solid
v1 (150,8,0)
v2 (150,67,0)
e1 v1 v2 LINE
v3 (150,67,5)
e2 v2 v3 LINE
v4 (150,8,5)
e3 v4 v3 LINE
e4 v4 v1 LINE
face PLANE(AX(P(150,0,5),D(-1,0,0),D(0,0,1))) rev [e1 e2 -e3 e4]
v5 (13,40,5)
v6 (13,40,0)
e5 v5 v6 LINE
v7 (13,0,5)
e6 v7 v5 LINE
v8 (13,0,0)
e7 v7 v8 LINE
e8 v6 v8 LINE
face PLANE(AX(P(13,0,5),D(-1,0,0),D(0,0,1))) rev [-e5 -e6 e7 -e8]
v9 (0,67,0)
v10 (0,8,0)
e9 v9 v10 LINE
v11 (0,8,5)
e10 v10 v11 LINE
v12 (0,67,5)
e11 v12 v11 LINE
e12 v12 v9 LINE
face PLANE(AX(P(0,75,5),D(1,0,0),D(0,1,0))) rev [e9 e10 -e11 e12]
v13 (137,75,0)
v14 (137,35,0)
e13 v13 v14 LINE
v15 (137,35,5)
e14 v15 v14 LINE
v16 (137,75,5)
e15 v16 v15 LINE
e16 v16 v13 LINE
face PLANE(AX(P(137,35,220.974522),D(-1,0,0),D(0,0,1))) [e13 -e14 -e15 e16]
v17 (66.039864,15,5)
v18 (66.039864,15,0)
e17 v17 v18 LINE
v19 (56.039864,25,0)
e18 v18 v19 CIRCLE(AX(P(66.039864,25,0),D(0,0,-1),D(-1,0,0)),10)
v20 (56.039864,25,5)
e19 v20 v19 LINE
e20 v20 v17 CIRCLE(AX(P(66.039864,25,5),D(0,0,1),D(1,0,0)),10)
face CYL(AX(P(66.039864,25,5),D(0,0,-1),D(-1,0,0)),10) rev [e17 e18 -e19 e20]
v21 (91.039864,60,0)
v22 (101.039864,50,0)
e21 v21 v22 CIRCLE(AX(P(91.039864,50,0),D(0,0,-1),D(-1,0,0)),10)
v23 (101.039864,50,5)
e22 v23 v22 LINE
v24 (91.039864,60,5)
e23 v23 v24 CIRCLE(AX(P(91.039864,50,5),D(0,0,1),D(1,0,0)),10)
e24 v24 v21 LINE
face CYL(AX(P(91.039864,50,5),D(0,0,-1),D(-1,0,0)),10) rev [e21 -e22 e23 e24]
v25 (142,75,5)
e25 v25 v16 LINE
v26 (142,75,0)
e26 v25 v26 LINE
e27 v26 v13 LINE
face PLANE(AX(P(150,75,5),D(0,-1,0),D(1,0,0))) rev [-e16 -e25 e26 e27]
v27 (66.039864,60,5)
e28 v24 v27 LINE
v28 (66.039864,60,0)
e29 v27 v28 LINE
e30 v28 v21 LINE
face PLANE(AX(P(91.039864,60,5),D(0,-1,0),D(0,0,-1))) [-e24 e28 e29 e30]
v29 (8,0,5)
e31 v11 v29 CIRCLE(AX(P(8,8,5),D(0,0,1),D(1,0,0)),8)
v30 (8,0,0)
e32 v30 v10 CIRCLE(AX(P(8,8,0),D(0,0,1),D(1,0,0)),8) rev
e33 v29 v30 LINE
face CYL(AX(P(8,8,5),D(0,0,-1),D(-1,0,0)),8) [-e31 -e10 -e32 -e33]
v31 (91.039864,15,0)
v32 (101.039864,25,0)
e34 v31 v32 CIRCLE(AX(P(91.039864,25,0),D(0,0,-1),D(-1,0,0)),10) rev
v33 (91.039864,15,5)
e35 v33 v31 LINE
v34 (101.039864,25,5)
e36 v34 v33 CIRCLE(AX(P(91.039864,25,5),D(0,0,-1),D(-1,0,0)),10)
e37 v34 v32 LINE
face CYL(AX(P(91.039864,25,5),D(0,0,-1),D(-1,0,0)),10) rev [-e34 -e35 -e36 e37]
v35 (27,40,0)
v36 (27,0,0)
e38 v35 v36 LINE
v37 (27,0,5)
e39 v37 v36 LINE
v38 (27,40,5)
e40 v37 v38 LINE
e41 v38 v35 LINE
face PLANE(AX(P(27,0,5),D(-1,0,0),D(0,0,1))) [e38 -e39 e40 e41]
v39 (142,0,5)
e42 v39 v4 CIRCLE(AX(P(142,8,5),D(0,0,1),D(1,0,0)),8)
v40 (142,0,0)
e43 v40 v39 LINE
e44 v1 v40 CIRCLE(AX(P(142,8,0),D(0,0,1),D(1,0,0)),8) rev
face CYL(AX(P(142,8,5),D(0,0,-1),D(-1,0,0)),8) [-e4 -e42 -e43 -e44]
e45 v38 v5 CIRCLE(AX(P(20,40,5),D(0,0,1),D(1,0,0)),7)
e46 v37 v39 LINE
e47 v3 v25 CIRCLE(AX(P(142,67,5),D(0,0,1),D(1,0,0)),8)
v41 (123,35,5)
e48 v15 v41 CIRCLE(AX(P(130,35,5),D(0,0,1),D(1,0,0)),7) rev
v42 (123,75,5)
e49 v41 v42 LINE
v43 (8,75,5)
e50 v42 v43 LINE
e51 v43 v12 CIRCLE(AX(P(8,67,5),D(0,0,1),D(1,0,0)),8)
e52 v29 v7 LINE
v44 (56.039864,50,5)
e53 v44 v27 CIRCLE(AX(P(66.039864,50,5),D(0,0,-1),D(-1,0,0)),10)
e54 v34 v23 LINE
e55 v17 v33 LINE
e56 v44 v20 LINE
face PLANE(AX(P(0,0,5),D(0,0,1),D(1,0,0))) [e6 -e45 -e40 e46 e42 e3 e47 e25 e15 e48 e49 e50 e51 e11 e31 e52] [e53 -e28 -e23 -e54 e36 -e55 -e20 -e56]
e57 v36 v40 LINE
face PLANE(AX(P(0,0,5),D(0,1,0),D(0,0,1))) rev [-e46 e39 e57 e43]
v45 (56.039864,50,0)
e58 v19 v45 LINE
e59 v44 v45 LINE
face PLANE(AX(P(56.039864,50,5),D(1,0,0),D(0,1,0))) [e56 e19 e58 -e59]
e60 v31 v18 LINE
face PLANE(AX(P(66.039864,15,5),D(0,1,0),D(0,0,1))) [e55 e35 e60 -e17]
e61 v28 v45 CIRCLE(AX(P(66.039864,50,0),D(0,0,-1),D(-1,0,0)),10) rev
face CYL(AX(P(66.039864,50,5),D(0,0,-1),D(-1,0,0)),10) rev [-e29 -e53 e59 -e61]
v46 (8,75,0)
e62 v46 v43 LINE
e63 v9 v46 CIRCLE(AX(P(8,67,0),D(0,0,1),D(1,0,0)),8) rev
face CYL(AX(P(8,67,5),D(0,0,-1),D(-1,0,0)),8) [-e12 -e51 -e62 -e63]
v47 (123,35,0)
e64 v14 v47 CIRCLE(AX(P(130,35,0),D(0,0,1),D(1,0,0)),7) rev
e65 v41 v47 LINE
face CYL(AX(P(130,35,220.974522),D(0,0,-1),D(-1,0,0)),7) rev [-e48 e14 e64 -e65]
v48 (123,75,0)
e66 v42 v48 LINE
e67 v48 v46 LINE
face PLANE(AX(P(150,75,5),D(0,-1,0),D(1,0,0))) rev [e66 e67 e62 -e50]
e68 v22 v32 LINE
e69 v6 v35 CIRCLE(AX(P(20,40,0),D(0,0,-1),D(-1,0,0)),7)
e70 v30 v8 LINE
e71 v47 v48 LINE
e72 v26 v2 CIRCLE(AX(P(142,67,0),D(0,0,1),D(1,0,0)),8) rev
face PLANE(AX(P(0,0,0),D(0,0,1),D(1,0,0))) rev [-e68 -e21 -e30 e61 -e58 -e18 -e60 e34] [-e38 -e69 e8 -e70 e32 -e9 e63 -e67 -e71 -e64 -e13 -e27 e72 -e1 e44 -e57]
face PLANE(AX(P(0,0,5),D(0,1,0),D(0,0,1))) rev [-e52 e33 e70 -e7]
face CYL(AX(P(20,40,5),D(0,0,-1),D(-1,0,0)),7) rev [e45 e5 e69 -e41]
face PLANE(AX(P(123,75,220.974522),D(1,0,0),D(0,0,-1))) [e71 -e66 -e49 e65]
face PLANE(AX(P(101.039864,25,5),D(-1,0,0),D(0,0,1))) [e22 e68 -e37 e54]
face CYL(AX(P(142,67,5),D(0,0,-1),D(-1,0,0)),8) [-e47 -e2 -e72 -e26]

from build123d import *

# Parameters (mm, degrees)
SKETCH1_W                = 150
SKETCH1_H                = 75
BOSS_EXTRUDE2_DEPTH      = 5
CUT_EXTRUDE9_DEPTH       = 6
CUT_EXTRUDE9_DEPTH_BACK  = 1
CUT_EXTRUDE10_DEPTH      = 1
CUT_EXTRUDE10_DEPTH_BACK = 6
FILLET3_R                = 8
FILLET4_R                = 8
FILLET5_R                = 8
FILLET6_R                = 8


with BuildPart() as part:
    # Sketch1 → Boss-Extrude2 (new body)
    with BuildSketch(Plane.XY):
        with Locations((75, 37.5)):
            Rectangle(SKETCH1_W, SKETCH1_H)
    extrude(amount=BOSS_EXTRUDE2_DEPTH)

    # Sketch2 → Cut-Extrude9 (cut, two sides)
    with BuildSketch(Plane.XY) as cut_extrude9_sk:
        with BuildLine():
            Line((56.039864316, 50), (56.039864316, 25))
            ThreePointArc((56.039864316, 25), (58.968796504, 17.928932188), (66.039864316, 15))
            Line((66.039864316, 15), (91.039864316, 15))
            ThreePointArc((91.039864316, 15), (98.110932128, 17.928932188), (101.039864316, 25))
            Line((101.039864316, 25), (101.039864316, 50))
            ThreePointArc((101.039864316, 50), (98.110932128, 57.071067812), (91.039864316, 60))
            Line((91.039864316, 60), (66.039864316, 60))
            ThreePointArc((66.039864316, 60), (58.968796504, 57.071067812), (56.039864316, 50))
        make_face()
        with BuildLine():
            Line((13, 0), (13, 40))
            ThreePointArc((13, 40), (20, 47), (27, 40))
            Line((27, 40), (27, 0))
            ThreePointArc((27, 0), (20, -7), (13, 0))
        make_face()
    extrude(amount=CUT_EXTRUDE9_DEPTH, mode=Mode.SUBTRACT)
    extrude(cut_extrude9_sk.sketch, amount=-CUT_EXTRUDE9_DEPTH_BACK, mode=Mode.SUBTRACT)

    # Sketch3 → Cut-Extrude10 (cut, two sides)
    with BuildSketch(Plane.XY.offset(5)) as cut_extrude10_sk:
        with BuildLine():
            Line((123, 397.371573611), (123, 75))
            Line((123, 75), (123, 35))
            ThreePointArc((123, 35), (130, 28), (137, 35))
            Line((137, 35), (137, 75))
            Line((137, 75), (137, 397.371573611))
            Line((137, 397.371573611), (137, 1042.114720832))
            Line((137, 1042.114720832), (123, 1042.114720832))
            Line((123, 1042.114720832), (123, 397.371573611))
        make_face()
    extrude(amount=CUT_EXTRUDE10_DEPTH, mode=Mode.SUBTRACT)
    extrude(cut_extrude10_sk.sketch, amount=-CUT_EXTRUDE10_DEPTH_BACK, mode=Mode.SUBTRACT)

    # Fillet3
    fillet3_edges = [part.edges().sort_by_distance(p)[0] for p in [
        (150, 75, 2.5),
    ]]
    fillet(fillet3_edges, radius=FILLET3_R)

    # Fillet4
    fillet4_edges = [part.edges().sort_by_distance(p)[0] for p in [
        (0, 0, 2.5),
    ]]
    fillet(fillet4_edges, radius=FILLET4_R)

    # Fillet5
    fillet5_edges = [part.edges().sort_by_distance(p)[0] for p in [
        (150, 0, 2.5),
    ]]
    fillet(fillet5_edges, radius=FILLET5_R)

    # Fillet6
    fillet6_edges = [part.edges().sort_by_distance(p)[0] for p in [
        (0, 75, 2.5),
    ]]
    fillet(fillet6_edges, radius=FILLET6_R)


solid = part.part
